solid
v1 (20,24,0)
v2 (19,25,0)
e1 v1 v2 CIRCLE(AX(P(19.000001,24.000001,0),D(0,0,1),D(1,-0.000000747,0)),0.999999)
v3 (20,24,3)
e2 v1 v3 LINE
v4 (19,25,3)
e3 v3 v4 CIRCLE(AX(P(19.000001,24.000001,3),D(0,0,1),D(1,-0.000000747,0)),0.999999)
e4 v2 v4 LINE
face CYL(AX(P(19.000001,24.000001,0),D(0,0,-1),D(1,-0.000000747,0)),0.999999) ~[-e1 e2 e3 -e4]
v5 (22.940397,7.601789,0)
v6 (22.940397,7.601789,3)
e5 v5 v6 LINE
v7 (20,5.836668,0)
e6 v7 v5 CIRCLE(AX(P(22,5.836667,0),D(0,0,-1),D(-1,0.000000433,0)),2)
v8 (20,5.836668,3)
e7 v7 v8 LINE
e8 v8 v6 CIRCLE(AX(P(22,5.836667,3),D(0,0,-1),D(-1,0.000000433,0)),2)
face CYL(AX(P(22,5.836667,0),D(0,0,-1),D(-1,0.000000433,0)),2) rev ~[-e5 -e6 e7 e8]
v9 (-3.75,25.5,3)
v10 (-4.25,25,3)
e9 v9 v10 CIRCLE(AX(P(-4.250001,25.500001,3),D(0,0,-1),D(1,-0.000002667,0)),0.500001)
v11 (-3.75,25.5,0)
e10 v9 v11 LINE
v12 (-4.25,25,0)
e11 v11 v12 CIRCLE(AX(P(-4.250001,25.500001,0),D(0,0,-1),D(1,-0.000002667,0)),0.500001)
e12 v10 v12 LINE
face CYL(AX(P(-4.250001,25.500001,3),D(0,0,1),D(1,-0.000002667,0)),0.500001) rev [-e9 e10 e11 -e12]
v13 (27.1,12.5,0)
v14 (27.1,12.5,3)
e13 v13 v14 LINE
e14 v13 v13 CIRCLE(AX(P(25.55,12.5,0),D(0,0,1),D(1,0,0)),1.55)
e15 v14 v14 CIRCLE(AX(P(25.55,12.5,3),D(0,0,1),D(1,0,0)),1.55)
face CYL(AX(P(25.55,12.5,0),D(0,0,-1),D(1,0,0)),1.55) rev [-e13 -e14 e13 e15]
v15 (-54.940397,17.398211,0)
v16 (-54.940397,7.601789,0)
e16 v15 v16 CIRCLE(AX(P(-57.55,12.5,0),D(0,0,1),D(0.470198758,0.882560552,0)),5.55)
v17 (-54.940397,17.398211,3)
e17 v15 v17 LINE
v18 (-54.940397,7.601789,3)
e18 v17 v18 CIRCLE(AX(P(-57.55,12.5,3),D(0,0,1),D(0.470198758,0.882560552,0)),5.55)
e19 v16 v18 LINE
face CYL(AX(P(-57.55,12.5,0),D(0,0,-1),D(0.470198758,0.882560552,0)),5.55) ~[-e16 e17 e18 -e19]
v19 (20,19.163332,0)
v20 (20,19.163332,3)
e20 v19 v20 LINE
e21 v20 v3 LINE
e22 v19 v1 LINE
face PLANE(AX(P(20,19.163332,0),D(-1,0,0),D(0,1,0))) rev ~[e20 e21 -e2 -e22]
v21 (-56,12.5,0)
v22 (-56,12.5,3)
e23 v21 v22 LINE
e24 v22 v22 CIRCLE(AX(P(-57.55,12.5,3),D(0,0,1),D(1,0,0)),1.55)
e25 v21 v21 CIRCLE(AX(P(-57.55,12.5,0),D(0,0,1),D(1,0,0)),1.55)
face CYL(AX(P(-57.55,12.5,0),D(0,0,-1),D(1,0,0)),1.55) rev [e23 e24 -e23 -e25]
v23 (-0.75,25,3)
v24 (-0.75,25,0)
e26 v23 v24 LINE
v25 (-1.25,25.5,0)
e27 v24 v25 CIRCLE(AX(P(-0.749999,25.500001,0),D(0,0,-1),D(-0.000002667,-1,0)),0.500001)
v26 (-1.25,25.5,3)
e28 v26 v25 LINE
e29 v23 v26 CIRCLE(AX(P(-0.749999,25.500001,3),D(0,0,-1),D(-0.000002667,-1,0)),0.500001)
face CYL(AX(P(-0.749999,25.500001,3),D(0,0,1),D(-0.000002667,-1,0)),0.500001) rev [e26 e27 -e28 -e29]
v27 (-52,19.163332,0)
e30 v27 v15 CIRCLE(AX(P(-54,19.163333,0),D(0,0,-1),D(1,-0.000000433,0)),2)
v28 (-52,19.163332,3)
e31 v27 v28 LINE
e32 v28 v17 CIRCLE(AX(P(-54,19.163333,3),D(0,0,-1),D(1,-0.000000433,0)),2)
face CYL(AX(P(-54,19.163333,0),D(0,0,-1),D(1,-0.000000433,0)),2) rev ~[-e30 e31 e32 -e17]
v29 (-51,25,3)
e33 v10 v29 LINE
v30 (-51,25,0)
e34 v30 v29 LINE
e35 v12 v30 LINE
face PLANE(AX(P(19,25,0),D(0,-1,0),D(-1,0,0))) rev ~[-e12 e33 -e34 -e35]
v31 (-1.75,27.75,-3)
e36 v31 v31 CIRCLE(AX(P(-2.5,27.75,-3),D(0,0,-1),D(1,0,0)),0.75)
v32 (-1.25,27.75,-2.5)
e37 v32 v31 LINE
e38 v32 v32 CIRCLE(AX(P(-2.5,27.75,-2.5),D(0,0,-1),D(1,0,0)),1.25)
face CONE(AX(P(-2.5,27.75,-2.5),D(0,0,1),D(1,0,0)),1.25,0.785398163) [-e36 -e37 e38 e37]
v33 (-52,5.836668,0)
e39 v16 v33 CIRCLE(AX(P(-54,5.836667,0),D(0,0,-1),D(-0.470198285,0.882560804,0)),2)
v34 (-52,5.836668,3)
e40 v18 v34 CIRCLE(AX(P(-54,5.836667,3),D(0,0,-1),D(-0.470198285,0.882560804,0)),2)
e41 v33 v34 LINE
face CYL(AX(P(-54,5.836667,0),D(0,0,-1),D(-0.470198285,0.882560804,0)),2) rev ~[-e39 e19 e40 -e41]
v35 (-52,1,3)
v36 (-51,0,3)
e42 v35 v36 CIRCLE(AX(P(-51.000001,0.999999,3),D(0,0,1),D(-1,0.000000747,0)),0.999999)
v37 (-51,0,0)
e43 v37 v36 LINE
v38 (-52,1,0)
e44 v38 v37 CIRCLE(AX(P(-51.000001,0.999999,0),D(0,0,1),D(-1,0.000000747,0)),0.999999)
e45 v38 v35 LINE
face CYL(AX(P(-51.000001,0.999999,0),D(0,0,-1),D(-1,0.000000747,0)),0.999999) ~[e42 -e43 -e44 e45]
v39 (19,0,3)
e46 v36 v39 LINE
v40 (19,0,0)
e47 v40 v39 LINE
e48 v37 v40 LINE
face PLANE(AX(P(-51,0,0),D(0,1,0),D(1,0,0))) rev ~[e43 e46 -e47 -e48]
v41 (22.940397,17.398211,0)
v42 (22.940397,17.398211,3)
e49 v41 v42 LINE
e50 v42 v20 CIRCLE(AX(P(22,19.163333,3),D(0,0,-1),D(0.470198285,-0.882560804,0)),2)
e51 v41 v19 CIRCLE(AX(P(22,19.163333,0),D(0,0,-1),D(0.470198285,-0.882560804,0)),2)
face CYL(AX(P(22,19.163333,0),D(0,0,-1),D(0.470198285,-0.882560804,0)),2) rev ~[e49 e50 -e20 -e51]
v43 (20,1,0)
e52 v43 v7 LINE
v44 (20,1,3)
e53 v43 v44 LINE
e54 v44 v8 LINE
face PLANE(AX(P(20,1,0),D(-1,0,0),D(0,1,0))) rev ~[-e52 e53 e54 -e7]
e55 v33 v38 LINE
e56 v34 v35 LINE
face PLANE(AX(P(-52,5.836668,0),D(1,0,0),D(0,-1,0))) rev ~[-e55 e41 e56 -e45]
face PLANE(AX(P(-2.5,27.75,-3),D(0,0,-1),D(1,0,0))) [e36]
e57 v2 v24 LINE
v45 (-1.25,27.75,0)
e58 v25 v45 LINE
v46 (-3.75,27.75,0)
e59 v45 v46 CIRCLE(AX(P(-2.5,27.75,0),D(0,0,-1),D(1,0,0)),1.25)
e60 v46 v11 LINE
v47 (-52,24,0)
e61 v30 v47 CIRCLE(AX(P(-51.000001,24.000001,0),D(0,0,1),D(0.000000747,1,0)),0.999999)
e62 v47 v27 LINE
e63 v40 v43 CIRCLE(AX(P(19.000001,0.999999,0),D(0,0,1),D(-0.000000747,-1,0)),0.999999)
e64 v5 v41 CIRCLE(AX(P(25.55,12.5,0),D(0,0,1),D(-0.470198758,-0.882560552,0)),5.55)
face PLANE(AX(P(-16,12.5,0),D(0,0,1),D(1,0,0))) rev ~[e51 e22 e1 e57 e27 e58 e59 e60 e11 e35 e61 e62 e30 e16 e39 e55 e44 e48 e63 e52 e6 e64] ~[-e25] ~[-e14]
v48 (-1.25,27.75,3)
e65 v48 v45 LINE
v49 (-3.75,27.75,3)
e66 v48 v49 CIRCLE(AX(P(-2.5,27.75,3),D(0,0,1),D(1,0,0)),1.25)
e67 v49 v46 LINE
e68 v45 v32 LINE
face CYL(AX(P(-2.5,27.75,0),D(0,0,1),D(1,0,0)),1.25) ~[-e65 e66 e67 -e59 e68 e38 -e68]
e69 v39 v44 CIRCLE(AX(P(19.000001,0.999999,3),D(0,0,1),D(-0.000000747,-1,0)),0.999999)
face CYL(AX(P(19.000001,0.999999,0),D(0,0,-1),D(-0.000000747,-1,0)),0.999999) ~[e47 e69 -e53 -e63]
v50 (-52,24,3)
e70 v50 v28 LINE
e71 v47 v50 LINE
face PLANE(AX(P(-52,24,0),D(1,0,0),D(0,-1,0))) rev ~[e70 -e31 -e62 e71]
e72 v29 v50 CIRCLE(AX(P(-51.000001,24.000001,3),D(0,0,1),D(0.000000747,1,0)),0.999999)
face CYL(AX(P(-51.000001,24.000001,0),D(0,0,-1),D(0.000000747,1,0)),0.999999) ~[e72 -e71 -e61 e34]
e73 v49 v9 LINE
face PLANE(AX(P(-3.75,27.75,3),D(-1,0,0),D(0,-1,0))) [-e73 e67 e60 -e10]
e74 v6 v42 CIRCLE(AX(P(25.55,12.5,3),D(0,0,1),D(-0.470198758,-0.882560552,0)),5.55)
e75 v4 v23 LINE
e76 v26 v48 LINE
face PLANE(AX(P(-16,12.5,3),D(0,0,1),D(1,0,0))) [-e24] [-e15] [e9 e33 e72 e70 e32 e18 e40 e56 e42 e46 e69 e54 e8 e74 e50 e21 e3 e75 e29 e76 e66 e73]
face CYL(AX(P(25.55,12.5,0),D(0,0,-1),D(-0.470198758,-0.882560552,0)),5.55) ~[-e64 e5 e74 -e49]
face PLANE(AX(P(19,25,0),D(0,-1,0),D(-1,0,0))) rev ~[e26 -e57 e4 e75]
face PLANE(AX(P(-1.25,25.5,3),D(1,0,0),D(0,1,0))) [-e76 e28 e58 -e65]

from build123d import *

# Parameters (mm, degrees)
F0_R     = 1.55
F1_DEPTH = 3
F3_DEPTH = 3
F4_R     = 1.25
F5_DEPTH = 3
F6_SIZE  = 0.5


with BuildPart() as f1:
    # F0 (on Top) → F1 (new body)
    with BuildSketch(Plane.XY):
        with BuildLine():
            Line((19, 25), (-51, 25))
            ThreePointArc((-51, 25), (-51.707107, 24.707107), (-52, 24))
            Line((-52, 24), (-52, 19.163332))
            Line((-52, 19.163332), (-52, 5.836668))
            Line((-52, 5.836668), (-52, 1))
            ThreePointArc((-52, 1), (-51.707107, 0.292893), (-51, 0))
            Line((-51, 0), (19, 0))
            ThreePointArc((19, 0), (19.707107, 0.292893), (20, 1))
            Line((20, 1), (20, 5.836668))
            Line((20, 5.836668), (20, 19.163332))
            Line((20, 19.163332), (20, 24))
            ThreePointArc((20, 24), (19.707107, 24.707107), (19, 25))
        make_face()
        with BuildLine():
            Line((-52, 5.836668), (-52, 19.163332))
            ThreePointArc((-52, 19.163332), (-52.97063, 17.448574), (-54.940397, 17.398211))
            ThreePointArc((-54.940397, 17.398211), (-63.1, 12.5), (-54.940397, 7.601789))
            ThreePointArc((-54.940397, 7.601789), (-52.97063, 7.551426), (-52, 5.836668))
        make_face()
        with Locations((-57.55, 12.5)):
            Circle(F0_R, mode=Mode.SUBTRACT)
        with BuildLine():
            ThreePointArc((22.940397, 17.398211), (20.97063, 17.448574), (20, 19.163332))
            Line((20, 19.163332), (20, 5.836668))
            ThreePointArc((20, 5.836668), (20.97063, 7.551426), (22.940397, 7.601789))
            ThreePointArc((22.940397, 7.601789), (31.1, 12.5), (22.940397, 17.398211))
        make_face()
        with Locations((25.55, 12.5)):
            Circle(F0_R, mode=Mode.SUBTRACT)
    extrude(amount=F1_DEPTH)

    # F2 (on face) → F3 (join, through all)
    with BuildSketch(Plane.XY.offset(3)):
        with BuildLine():
            Line((-4.25, 25), (-3.75, 25))
            Line((-3.75, 25), (-1.25, 25))
            Line((-1.25, 25), (-0.75, 25))
            ThreePointArc((-0.75, 25), (-1.103553, 25.146447), (-1.25, 25.5))
            Line((-1.25, 25.5), (-1.25, 27.75))
            ThreePointArc((-1.25, 27.75), (-2.5, 29), (-3.75, 27.75))
            Line((-3.75, 27.75), (-3.75, 25.5))
            ThreePointArc((-3.75, 25.5), (-3.896447, 25.146447), (-4.25, 25))
        make_face()
    extrude(amount=-F3_DEPTH)

    # F4 (on face) → F5 (join)
    with BuildSketch(Plane(origin=(0, 0, 0), x_dir=(1, 0, 0), z_dir=(0, 0, -1))):
        with Locations((-2.5, -27.75)):
            Circle(F4_R)
    extrude(amount=F5_DEPTH)

    # F6
    f6_edges = [f1.edges().sort_by_distance(p)[0] for p in [
        (-3.75, 27.75, -3),
    ]]
    chamfer(f6_edges, length=F6_SIZE)


solid = f1.part
